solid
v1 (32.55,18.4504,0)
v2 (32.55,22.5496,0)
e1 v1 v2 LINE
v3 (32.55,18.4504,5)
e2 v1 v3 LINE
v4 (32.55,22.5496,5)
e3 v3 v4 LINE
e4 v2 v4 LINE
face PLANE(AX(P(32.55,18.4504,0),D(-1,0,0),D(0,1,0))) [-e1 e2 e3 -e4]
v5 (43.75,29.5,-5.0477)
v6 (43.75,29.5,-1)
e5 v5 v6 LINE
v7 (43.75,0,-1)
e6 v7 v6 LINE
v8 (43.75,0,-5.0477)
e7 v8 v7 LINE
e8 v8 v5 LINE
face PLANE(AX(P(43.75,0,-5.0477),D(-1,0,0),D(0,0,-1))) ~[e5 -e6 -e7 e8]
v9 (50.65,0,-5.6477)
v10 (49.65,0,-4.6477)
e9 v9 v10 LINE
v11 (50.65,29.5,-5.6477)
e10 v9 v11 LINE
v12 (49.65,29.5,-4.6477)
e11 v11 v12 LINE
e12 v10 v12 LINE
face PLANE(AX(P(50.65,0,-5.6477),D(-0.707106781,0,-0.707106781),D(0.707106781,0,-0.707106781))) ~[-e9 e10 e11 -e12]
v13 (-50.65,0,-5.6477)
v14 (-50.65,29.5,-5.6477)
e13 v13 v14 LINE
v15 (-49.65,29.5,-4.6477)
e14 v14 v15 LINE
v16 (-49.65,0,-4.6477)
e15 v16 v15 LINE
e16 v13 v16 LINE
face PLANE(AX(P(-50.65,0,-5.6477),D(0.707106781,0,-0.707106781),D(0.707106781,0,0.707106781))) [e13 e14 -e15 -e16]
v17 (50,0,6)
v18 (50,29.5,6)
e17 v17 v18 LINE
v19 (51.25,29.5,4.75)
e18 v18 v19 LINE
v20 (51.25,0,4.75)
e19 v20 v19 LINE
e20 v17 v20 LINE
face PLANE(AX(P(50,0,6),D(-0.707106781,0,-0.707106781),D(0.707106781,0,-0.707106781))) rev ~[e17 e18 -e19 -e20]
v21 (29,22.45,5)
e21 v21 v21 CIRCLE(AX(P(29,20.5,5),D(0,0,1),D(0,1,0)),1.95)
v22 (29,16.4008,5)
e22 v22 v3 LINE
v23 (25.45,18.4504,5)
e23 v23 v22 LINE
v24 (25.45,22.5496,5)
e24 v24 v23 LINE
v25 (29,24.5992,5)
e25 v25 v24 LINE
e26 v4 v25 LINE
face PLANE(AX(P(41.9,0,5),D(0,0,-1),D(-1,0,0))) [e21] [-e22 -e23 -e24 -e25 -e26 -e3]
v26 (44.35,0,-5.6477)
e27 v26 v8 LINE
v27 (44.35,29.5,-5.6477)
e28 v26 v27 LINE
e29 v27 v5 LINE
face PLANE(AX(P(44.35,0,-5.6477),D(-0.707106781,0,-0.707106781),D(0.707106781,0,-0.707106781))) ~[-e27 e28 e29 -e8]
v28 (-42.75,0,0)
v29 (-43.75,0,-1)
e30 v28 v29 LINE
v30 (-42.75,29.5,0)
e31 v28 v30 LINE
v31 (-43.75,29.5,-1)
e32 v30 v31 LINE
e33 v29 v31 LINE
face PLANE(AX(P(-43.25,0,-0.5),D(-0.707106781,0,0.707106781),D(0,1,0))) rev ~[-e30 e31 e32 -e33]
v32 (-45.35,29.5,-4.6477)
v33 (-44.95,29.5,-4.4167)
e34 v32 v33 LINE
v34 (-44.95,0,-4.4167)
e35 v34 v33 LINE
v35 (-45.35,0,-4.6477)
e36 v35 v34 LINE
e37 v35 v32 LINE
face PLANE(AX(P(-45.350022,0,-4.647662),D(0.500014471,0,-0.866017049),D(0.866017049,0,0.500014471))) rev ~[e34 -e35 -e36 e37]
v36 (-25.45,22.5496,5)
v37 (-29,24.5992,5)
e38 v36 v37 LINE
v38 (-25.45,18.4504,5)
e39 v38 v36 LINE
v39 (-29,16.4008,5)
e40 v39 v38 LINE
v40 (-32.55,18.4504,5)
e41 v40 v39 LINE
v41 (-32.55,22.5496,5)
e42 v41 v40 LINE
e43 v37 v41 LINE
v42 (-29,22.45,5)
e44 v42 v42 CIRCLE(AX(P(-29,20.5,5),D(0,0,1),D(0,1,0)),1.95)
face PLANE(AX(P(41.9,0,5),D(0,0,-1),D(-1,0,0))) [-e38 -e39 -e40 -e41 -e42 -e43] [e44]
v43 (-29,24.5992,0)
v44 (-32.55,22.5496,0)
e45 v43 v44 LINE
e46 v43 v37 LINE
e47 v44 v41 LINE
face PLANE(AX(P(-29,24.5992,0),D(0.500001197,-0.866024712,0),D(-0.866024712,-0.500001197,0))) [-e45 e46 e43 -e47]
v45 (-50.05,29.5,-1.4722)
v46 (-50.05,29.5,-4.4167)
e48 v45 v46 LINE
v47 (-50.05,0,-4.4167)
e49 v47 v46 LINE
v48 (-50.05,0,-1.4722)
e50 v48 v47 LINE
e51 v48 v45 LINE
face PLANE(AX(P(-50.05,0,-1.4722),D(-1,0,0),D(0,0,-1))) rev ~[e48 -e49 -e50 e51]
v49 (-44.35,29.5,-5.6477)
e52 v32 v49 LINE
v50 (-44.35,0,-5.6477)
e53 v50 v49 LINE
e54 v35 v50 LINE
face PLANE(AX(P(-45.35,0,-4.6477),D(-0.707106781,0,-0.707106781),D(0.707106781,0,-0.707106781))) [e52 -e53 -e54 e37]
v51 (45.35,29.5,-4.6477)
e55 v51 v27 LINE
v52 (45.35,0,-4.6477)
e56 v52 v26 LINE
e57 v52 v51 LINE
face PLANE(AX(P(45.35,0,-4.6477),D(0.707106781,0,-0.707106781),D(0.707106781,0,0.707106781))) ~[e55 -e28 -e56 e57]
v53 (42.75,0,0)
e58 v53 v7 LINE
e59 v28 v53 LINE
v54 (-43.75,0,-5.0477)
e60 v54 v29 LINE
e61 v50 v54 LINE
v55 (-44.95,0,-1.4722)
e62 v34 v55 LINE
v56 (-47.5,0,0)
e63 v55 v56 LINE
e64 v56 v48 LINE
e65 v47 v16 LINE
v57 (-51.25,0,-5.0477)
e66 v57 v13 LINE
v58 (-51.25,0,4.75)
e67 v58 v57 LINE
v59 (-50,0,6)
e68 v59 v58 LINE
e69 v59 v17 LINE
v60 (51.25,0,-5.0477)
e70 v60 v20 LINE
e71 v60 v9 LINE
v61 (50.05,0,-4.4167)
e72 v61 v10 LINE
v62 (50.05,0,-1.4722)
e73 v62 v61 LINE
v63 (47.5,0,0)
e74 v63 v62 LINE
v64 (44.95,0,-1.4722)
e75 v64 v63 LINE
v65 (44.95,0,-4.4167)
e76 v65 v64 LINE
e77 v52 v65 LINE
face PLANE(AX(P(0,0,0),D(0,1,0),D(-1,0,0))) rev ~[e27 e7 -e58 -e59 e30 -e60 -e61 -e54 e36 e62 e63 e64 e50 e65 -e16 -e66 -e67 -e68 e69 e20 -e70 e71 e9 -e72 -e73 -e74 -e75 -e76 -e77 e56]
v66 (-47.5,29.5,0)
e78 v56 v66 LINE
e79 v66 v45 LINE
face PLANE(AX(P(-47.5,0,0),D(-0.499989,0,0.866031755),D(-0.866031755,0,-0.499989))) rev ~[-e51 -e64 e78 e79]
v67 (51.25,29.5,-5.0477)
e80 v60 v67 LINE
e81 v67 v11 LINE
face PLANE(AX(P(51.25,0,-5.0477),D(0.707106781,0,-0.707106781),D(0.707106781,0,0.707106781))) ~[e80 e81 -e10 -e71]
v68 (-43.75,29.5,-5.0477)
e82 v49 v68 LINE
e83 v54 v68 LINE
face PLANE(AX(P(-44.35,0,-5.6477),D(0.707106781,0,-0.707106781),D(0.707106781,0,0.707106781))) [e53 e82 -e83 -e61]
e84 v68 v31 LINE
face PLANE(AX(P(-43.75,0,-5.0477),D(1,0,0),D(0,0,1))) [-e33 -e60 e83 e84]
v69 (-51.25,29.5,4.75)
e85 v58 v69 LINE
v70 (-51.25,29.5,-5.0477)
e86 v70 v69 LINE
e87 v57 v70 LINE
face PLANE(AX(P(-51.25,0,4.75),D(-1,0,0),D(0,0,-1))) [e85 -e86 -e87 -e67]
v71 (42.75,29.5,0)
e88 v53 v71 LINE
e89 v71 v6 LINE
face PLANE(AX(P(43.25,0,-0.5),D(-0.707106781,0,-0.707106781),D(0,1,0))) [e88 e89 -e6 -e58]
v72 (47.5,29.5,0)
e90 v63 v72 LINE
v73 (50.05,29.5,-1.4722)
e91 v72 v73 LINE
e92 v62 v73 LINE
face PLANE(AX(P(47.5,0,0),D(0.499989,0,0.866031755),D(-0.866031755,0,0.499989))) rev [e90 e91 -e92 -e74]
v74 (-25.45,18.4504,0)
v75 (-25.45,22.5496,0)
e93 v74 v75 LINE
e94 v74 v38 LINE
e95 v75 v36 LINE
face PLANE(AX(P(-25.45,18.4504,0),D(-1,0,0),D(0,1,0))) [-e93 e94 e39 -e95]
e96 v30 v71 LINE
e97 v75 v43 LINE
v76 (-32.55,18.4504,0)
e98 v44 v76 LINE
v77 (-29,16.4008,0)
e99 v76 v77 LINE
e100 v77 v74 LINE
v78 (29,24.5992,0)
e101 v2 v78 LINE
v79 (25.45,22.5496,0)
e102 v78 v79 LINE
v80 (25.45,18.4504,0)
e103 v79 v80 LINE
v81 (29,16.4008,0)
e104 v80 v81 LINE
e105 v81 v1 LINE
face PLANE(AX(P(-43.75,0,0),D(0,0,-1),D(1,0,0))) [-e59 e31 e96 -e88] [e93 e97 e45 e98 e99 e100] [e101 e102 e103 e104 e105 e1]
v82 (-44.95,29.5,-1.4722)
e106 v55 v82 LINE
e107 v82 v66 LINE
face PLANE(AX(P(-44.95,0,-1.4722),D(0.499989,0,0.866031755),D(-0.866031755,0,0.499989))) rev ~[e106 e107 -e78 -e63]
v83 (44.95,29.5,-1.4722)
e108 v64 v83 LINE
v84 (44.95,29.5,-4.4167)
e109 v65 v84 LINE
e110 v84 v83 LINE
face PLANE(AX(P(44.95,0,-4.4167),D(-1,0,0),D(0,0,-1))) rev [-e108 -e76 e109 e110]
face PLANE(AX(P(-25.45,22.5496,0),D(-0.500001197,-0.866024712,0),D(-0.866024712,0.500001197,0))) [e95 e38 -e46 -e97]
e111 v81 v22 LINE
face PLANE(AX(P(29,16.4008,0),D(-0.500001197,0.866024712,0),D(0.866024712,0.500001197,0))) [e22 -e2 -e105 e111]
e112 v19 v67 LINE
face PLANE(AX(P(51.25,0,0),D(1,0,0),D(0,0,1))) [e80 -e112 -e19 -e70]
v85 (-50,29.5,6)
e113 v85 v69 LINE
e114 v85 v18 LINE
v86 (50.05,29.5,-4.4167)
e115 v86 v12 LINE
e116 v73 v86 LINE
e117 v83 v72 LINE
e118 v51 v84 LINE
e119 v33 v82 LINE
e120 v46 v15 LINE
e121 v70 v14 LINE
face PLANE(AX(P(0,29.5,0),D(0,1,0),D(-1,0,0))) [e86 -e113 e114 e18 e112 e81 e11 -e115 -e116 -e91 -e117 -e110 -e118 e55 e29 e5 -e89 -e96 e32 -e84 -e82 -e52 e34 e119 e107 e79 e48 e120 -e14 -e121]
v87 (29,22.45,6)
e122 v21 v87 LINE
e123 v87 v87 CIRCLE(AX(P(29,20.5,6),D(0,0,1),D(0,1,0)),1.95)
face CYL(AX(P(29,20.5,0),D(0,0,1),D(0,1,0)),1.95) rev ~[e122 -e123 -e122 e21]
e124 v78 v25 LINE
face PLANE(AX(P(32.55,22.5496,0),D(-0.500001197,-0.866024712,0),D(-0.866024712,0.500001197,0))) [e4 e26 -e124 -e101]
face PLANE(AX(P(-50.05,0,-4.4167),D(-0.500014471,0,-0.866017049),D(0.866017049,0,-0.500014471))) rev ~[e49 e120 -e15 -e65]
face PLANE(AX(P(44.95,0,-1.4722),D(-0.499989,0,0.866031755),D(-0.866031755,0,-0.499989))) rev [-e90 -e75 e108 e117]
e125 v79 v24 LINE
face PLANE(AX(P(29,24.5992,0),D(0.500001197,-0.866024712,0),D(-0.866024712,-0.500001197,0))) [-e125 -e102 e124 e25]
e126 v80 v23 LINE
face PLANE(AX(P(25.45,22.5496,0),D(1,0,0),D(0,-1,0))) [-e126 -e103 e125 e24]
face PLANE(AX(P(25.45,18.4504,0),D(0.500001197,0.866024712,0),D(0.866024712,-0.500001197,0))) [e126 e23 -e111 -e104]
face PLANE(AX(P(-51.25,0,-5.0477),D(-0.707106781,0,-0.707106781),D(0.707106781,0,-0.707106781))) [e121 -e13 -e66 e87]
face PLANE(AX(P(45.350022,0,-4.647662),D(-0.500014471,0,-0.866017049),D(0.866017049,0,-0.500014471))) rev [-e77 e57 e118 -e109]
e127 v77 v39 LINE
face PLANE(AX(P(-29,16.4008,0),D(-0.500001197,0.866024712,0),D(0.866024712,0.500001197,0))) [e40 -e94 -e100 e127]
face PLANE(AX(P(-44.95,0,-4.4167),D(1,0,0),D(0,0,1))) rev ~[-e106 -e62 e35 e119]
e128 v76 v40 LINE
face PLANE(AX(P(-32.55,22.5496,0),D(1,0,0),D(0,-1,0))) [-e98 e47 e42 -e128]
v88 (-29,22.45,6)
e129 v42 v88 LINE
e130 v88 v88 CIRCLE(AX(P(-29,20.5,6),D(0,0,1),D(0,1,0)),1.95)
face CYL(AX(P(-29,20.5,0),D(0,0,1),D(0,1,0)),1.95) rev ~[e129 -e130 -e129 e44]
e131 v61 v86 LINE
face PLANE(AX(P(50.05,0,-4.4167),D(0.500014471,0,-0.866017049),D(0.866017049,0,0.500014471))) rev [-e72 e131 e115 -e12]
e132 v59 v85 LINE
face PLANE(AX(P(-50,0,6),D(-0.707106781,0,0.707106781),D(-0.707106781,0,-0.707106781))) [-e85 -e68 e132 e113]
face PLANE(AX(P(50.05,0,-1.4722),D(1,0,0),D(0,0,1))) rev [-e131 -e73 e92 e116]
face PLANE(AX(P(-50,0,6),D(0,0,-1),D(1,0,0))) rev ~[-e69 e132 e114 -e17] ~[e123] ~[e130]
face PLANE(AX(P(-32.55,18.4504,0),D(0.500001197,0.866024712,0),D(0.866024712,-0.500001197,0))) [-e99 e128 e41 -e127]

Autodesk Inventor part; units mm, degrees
ref_plane "YZ Plane" through (0, 0, 0) normal (1, 0, 0) x (0, 1, 0)
ref_plane "XZ Plane" through (0, 0, 0) normal (0, 1, 0) x (-1, 0, 0)
ref_plane "XY Plane" through (0, 0, 0) normal (0, 0, 1) x (1, 0, 0)
sketch "Sketch1" plane through (0, 0, 0) normal (0, 1, 0) x (-1, 0, 0)
  line L0 (51.25, 0) -> (-51.25, 0)
  line L1 (-51.25, 0) -> (-51.25, 4.75)
  line L2 (-51.25, 6) -> (51.25, 6) construction
  line L3 (51.25, 6) -> (51.25, 4.75) construction
  line L4 (50, 6) -> (-50, 6)
  line L5 (-50, 6) -> (-51.25, 4.75)
  line L6 (50, 6) -> (51.25, 4.75)
  line L7 (51.25, 4.75) -> (51.25, 0)
  line L8 (-51.25, 4.75) -> (-51.25, 6) construction
  line L9 (47.5, -5.889) -> (44.95, -4.4167)
  line L10 (44.95, -4.4167) -> (44.95, -1.4722)
  line L11 (44.95, -1.4722) -> (47.5, 0)
  line L12 (47.5, 0) -> (50.05, -1.4722)
  line L13 (50.05, -1.4722) -> (50.05, -4.4167)
  line L14 (50.05, -4.4167) -> (47.5, -5.889)
  line L15 (47.5, -2.9445) -> (-47.5, -2.9445) construction
  line L16 (51.25, 0) -> (51.25, -5.0477)
  line L17 (51.25, -5.0477) -> (50.65, -5.6477)
  line L18 (50.65, -5.6477) -> (49.65, -4.6477)
  line L19 (50.05, -2.9445) -> (51.25, -2.9445) construction
  line L20 (45.35, -4.6477) -> (44.35, -5.6477)
  line L21 (44.35, -5.6477) -> (43.75, -5.0477)
  line L22 (43.75, -5.0477) -> (43.75, 0)
  line L23 (47.5, -5.889) -> (47.5, 0) construction
  line L24 (43.75, 0) -> (51.25, 0) construction
  point P0 (0, 0)
  point P1 (0, 0)
  point P2 (0, 0)
  point P3 (0, 6)
  point P4 (0, 6)
  point P5 (0, -2.9445)
  point P6 (50.65, -2.9445)
  dimension "d22" = 100
  dimension "d23" = 6
  dimension "d24" = 95
  dimension "d25" = 5.1
  dimension "d26" = 6
  dimension "d27" = 1.2
  dimension "d28" = 0.4
extrude "Extrusion1" add sketch "Sketch1" along normal blind 29.5 contours L0 L1 L5 L4 L6 L7
extrude "Extrusion3" add sketch "Sketch1" along normal blind 29.5 contours L16 L17 L18 L14 L13 L12 L0 | L11 L10 L9 L20 L21 L22 L0
mirror "Mirror1" about plane through (0, 0, 0) normal (1, 0, 0) of "Extrusion3"
sketch "Sketch2" plane through (41.9, 0, 0) normal (0, 0, -1) x (-1, 0, 0)
  line L0 (41.9, 29.5) -> (41.9, 0) construction
  line L1 (12.9, 20.5) -> (70.9, 20.5) construction
  line L2 (9.35, 22.5496) -> (12.9, 24.5992)
  line L3 (12.9, 24.5992) -> (16.45, 22.5496)
  line L4 (16.45, 22.5496) -> (16.45, 18.4504)
  line L5 (16.45, 18.4504) -> (12.9, 16.4008)
  line L6 (12.9, 16.4008) -> (9.35, 18.4504)
  line L7 (9.35, 18.4504) -> (9.35, 22.5496)
  line L8 (74.45, 22.5496) -> (74.45, 18.4504)
  line L9 (74.45, 18.4504) -> (70.9, 16.4008)
  line L10 (70.9, 16.4008) -> (67.35, 18.4504)
  line L11 (67.35, 18.4504) -> (67.35, 22.5496)
  line L12 (67.35, 22.5496) -> (70.9, 24.5992)
  line L13 (70.9, 24.5992) -> (74.45, 22.5496)
  line L14 (-1.85, 0) -> (85.65, 0) construction
  line L15 (-1.85, 29.5) -> (85.65, 29.5) construction
  point P0 (41.9, 20.5)
  point P1 (41.9, 14.75)
  dimension "d9" = 58
  dimension "d10" = 7.1
  dimension "d34" = 9
extrude "Extrusion2" cut sketch "Sketch2" against normal blind 5
hole "Hole1" at (29, 20.5, 0) at (-29, 20.5, 0) direction (0, 0, 1) diameter 3.9 end through all
chamfer "Chamfer1" distance 1 angle 45 2 edges at (-43.75, 14.75, 0) (43.75, 14.75, 0)
properties part number "switch_mount"
